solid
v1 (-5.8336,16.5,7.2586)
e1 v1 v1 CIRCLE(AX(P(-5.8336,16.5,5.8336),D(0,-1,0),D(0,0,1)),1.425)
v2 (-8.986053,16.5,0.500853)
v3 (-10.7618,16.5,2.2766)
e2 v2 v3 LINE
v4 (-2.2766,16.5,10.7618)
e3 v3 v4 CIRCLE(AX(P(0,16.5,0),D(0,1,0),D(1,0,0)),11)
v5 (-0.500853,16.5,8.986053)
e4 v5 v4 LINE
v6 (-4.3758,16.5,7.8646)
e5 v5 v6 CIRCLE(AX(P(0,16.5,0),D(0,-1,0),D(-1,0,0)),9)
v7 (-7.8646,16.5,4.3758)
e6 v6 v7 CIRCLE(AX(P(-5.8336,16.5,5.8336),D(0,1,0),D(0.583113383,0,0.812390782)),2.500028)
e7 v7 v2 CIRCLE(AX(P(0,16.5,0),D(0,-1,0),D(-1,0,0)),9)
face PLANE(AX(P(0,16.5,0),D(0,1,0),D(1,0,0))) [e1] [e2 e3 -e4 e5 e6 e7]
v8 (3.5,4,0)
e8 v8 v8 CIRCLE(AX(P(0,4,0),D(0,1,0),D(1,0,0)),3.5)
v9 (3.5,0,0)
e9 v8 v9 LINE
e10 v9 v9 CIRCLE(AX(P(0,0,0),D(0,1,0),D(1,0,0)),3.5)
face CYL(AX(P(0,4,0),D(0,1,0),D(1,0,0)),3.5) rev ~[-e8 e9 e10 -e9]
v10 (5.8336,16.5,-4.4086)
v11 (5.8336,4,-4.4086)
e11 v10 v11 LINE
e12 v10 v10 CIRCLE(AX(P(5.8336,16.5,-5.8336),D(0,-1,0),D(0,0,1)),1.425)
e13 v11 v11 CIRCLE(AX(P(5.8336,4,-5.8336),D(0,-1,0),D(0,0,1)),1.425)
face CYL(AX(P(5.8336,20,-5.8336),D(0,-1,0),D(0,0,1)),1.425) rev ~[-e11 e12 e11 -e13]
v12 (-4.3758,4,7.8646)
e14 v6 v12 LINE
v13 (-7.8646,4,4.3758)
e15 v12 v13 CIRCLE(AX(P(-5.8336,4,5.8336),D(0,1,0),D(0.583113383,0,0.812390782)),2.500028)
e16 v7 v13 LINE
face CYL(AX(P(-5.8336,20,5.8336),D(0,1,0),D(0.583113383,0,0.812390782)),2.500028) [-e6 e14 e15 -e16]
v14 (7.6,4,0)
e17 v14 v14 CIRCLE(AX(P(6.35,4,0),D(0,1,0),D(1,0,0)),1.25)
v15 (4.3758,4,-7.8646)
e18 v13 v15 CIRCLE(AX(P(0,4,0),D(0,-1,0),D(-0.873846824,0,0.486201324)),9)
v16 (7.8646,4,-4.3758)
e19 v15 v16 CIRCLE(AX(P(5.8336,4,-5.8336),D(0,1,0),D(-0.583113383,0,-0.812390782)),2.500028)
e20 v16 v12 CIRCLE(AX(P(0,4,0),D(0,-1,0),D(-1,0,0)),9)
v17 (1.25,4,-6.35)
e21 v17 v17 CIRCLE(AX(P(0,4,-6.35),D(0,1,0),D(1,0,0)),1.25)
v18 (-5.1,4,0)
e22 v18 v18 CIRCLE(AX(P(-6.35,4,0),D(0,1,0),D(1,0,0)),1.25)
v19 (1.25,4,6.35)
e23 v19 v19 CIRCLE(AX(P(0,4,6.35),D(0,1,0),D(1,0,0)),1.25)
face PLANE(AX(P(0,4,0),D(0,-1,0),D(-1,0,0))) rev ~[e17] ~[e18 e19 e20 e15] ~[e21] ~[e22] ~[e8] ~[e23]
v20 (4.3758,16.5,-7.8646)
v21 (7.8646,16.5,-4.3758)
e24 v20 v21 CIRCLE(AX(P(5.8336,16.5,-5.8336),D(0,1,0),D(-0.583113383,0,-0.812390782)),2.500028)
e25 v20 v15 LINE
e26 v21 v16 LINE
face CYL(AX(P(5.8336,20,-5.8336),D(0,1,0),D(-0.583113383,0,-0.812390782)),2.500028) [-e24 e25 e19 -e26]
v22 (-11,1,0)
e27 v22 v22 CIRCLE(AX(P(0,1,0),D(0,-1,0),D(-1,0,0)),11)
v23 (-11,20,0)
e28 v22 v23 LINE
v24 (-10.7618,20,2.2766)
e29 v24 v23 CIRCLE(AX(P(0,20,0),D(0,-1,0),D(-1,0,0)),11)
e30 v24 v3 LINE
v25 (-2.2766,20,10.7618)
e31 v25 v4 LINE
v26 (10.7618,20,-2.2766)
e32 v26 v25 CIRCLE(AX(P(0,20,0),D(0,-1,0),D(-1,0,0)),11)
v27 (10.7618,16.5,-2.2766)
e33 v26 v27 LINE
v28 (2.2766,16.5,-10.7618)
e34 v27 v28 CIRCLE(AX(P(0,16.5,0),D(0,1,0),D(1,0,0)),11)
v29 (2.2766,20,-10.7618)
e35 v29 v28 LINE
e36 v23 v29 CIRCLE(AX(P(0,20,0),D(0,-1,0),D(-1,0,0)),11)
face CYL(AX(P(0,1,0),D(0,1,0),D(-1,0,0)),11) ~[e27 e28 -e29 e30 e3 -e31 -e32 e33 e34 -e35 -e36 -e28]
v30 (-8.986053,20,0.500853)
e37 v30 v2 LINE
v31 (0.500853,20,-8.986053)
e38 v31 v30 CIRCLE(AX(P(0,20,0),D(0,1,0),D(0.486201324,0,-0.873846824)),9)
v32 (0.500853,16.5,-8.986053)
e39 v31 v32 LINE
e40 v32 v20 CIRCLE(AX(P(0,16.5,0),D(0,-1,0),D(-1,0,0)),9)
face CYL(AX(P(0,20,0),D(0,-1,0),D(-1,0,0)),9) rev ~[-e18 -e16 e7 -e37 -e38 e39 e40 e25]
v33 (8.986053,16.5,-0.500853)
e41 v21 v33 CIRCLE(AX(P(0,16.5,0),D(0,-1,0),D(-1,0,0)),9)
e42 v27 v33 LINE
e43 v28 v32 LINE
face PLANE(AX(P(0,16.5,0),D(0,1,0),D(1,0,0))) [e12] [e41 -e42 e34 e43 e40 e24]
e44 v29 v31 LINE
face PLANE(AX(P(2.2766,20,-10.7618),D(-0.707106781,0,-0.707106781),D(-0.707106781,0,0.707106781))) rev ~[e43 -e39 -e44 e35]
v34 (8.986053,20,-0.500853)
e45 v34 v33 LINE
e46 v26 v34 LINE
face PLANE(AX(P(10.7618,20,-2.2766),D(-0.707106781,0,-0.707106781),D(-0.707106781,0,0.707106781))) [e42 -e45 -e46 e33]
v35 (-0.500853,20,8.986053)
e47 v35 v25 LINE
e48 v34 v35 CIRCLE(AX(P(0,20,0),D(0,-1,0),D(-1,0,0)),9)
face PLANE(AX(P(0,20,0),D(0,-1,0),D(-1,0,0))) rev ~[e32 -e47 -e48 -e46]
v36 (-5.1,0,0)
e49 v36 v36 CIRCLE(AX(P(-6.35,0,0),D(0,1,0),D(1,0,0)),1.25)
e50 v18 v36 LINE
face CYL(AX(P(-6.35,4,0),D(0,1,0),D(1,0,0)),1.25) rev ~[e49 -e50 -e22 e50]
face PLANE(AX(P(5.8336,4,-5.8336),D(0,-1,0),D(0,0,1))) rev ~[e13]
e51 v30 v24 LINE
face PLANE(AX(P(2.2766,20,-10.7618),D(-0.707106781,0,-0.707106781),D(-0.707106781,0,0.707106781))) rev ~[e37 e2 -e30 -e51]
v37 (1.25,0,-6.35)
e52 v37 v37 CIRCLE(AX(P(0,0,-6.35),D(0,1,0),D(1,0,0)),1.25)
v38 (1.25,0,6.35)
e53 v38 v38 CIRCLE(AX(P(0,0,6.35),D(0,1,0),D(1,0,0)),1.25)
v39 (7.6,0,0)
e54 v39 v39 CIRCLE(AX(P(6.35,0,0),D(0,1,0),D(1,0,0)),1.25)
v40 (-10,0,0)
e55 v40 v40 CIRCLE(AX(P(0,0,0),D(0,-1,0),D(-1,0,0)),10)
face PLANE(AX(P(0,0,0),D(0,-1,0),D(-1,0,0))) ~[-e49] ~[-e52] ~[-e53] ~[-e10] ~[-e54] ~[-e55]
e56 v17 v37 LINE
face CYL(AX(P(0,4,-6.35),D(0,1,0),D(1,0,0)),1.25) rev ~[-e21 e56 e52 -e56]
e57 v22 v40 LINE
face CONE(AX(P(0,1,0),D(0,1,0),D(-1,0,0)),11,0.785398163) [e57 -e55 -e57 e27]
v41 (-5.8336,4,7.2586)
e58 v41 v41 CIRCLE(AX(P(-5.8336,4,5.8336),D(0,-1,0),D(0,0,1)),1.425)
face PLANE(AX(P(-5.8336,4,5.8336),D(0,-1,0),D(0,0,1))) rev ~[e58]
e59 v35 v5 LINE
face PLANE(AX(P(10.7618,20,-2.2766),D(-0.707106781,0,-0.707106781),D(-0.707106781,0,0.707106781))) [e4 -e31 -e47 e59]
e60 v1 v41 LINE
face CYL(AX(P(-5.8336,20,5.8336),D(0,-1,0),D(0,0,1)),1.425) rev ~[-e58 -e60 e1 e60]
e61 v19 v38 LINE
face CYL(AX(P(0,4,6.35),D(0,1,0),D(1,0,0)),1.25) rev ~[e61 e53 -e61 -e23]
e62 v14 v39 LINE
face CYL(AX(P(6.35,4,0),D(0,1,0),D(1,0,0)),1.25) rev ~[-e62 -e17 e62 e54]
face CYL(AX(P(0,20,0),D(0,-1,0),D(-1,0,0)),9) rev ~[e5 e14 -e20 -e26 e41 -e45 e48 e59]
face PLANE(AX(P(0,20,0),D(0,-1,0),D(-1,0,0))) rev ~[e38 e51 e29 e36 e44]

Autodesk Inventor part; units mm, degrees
ref_plane "YZ Plane" through (0, 0, 0) normal (1, 0, 0) x (0, 1, 0)
ref_plane "XZ Plane" through (0, 0, 0) normal (0, 1, 0) x (-1, 0, 0)
ref_plane "XY Plane" through (0, 0, 0) normal (0, 0, 1) x (1, 0, 0)
sketch "Esboço1" plane through (0, 0, 0) normal (0, 0, 1) x (1, 0, 0)
  line L0 (-9, 20) -> (-9, 4)
  line L1 (-9, 4) -> (0, 4)
  line L2 (0, 4) -> (0, 0)
  line L3 (0, 0) -> (-10, 0)
  line L4 (-11, 1) -> (-11, 20)
  line L5 (-11, 1) -> (-10, 0)
  line L6 (-11, 20) -> (-9, 20)
  dimension "d0" = 18
  dimension "d1" = 2
  dimension "d2" = 4
  dimension "d10" = 45
  dimension "d11" = 1
  dimension "d30" = 20
revolve "Revolução1" add sketch "Esboço1" angle 360 about axis through (0, 4, 0) along (0, -1, 0)
sketch "Esboço2" plane through (0, 4, 0) normal (0, 1, 0) x (1, 0, 0)
  circle A0 centre (0, 0) radius 3.5
  circle A1 centre (0, 0) radius 6.35 construction
  circle A2 centre (0, 6.35) radius 1.25
  circle A3 centre (0, -6.35) radius 1.25
  circle A4 centre (-6.35, 0) radius 1.25
  circle A5 centre (6.35, 0) radius 1.25
  circle A6 centre (0, 6.35) radius 2.5
  dimension "d12" = 7
  dimension "d13" = 12.7
  dimension "d14" = 2.5
  dimension "d48" = 5
extrude "Extrusão1" cut sketch "Esboço2" against normal through all contours A0 | A2 | A3 | A4 | A5
sketch "Esboço5" plane through (0, 20, 0) normal (0, 1, 0) x (1, 0, 0)
  circle A0 centre (0, 0) radius 9 projected
  arc A1 (-4.3758, -7.8646) -> (-7.8646, -4.3758) centre (-5.8336, -5.8336) ccw
  line L0 (-15.4, 0) -> (15.4, 0) projected
  circle A2 centre (0, 0) radius 8.25 construction
  arc A3 (4.3758, 7.8646) -> (7.8646, 4.3758) centre (5.8336, 5.8336) ccw
  line L1 (-5.8336, -5.8336) -> (5.8336, 5.8336) construction
  dimension "d32" = 2.5
  dimension "d49" = 45
  dimension "d50" = 16.5
extrude "Extrusão4" add sketch "Esboço5" against normal up to surface (16 mm away) contours A3 A0 | A0 A1
sketch "Esboço7" plane through (0, 20, 0) normal (0, 1, 0) x (1, 0, 0)
  arc A0 (-4.3758, -7.8646) -> (-7.8646, -4.3758) centre (-5.8336, -5.8336) ccw projected
  arc A1 (4.3758, 7.8646) -> (7.8646, 4.3758) centre (5.8336, 5.8336) ccw projected
  point P0 (0, 0)
hole "Furo1" at (-5.8336, 20, 5.8336) at (5.8336, 20, -5.8336) direction (0, -1, 0) diameter 2.85 depth 16 thread size "M3.5x0.6" class "6H" standard "ANSI Metric M Profile"
sketch "Esboço6" plane through (0, 20, 0) normal (0, 1, 0) x (1, 0, 0)
  circle A0 centre (0, 0) radius 11 projected
  line L0 (2.2766, 10.7618) -> (-10.7618, -2.2766)
  line L1 (10.7618, 2.2766) -> (-2.2766, -10.7618)
  circle A1 centre (0, 0) radius 11 projected
  line L2 (-5.8336, -5.8336) -> (5.8336, 5.8336) construction
  circle A2 centre (-5.8336, -5.8336) radius 1.425 projected
  circle A3 centre (5.8336, 5.8336) radius 1.425 projected
  point P0 (-2.2766, -10.7618)
  dimension "d45" = 12
extrude "Extrusão5" cut sketch "Esboço6" against normal blind 3.5 contours L1 A0 L0 | A2 | A3
properties part number "_3DPrint"
